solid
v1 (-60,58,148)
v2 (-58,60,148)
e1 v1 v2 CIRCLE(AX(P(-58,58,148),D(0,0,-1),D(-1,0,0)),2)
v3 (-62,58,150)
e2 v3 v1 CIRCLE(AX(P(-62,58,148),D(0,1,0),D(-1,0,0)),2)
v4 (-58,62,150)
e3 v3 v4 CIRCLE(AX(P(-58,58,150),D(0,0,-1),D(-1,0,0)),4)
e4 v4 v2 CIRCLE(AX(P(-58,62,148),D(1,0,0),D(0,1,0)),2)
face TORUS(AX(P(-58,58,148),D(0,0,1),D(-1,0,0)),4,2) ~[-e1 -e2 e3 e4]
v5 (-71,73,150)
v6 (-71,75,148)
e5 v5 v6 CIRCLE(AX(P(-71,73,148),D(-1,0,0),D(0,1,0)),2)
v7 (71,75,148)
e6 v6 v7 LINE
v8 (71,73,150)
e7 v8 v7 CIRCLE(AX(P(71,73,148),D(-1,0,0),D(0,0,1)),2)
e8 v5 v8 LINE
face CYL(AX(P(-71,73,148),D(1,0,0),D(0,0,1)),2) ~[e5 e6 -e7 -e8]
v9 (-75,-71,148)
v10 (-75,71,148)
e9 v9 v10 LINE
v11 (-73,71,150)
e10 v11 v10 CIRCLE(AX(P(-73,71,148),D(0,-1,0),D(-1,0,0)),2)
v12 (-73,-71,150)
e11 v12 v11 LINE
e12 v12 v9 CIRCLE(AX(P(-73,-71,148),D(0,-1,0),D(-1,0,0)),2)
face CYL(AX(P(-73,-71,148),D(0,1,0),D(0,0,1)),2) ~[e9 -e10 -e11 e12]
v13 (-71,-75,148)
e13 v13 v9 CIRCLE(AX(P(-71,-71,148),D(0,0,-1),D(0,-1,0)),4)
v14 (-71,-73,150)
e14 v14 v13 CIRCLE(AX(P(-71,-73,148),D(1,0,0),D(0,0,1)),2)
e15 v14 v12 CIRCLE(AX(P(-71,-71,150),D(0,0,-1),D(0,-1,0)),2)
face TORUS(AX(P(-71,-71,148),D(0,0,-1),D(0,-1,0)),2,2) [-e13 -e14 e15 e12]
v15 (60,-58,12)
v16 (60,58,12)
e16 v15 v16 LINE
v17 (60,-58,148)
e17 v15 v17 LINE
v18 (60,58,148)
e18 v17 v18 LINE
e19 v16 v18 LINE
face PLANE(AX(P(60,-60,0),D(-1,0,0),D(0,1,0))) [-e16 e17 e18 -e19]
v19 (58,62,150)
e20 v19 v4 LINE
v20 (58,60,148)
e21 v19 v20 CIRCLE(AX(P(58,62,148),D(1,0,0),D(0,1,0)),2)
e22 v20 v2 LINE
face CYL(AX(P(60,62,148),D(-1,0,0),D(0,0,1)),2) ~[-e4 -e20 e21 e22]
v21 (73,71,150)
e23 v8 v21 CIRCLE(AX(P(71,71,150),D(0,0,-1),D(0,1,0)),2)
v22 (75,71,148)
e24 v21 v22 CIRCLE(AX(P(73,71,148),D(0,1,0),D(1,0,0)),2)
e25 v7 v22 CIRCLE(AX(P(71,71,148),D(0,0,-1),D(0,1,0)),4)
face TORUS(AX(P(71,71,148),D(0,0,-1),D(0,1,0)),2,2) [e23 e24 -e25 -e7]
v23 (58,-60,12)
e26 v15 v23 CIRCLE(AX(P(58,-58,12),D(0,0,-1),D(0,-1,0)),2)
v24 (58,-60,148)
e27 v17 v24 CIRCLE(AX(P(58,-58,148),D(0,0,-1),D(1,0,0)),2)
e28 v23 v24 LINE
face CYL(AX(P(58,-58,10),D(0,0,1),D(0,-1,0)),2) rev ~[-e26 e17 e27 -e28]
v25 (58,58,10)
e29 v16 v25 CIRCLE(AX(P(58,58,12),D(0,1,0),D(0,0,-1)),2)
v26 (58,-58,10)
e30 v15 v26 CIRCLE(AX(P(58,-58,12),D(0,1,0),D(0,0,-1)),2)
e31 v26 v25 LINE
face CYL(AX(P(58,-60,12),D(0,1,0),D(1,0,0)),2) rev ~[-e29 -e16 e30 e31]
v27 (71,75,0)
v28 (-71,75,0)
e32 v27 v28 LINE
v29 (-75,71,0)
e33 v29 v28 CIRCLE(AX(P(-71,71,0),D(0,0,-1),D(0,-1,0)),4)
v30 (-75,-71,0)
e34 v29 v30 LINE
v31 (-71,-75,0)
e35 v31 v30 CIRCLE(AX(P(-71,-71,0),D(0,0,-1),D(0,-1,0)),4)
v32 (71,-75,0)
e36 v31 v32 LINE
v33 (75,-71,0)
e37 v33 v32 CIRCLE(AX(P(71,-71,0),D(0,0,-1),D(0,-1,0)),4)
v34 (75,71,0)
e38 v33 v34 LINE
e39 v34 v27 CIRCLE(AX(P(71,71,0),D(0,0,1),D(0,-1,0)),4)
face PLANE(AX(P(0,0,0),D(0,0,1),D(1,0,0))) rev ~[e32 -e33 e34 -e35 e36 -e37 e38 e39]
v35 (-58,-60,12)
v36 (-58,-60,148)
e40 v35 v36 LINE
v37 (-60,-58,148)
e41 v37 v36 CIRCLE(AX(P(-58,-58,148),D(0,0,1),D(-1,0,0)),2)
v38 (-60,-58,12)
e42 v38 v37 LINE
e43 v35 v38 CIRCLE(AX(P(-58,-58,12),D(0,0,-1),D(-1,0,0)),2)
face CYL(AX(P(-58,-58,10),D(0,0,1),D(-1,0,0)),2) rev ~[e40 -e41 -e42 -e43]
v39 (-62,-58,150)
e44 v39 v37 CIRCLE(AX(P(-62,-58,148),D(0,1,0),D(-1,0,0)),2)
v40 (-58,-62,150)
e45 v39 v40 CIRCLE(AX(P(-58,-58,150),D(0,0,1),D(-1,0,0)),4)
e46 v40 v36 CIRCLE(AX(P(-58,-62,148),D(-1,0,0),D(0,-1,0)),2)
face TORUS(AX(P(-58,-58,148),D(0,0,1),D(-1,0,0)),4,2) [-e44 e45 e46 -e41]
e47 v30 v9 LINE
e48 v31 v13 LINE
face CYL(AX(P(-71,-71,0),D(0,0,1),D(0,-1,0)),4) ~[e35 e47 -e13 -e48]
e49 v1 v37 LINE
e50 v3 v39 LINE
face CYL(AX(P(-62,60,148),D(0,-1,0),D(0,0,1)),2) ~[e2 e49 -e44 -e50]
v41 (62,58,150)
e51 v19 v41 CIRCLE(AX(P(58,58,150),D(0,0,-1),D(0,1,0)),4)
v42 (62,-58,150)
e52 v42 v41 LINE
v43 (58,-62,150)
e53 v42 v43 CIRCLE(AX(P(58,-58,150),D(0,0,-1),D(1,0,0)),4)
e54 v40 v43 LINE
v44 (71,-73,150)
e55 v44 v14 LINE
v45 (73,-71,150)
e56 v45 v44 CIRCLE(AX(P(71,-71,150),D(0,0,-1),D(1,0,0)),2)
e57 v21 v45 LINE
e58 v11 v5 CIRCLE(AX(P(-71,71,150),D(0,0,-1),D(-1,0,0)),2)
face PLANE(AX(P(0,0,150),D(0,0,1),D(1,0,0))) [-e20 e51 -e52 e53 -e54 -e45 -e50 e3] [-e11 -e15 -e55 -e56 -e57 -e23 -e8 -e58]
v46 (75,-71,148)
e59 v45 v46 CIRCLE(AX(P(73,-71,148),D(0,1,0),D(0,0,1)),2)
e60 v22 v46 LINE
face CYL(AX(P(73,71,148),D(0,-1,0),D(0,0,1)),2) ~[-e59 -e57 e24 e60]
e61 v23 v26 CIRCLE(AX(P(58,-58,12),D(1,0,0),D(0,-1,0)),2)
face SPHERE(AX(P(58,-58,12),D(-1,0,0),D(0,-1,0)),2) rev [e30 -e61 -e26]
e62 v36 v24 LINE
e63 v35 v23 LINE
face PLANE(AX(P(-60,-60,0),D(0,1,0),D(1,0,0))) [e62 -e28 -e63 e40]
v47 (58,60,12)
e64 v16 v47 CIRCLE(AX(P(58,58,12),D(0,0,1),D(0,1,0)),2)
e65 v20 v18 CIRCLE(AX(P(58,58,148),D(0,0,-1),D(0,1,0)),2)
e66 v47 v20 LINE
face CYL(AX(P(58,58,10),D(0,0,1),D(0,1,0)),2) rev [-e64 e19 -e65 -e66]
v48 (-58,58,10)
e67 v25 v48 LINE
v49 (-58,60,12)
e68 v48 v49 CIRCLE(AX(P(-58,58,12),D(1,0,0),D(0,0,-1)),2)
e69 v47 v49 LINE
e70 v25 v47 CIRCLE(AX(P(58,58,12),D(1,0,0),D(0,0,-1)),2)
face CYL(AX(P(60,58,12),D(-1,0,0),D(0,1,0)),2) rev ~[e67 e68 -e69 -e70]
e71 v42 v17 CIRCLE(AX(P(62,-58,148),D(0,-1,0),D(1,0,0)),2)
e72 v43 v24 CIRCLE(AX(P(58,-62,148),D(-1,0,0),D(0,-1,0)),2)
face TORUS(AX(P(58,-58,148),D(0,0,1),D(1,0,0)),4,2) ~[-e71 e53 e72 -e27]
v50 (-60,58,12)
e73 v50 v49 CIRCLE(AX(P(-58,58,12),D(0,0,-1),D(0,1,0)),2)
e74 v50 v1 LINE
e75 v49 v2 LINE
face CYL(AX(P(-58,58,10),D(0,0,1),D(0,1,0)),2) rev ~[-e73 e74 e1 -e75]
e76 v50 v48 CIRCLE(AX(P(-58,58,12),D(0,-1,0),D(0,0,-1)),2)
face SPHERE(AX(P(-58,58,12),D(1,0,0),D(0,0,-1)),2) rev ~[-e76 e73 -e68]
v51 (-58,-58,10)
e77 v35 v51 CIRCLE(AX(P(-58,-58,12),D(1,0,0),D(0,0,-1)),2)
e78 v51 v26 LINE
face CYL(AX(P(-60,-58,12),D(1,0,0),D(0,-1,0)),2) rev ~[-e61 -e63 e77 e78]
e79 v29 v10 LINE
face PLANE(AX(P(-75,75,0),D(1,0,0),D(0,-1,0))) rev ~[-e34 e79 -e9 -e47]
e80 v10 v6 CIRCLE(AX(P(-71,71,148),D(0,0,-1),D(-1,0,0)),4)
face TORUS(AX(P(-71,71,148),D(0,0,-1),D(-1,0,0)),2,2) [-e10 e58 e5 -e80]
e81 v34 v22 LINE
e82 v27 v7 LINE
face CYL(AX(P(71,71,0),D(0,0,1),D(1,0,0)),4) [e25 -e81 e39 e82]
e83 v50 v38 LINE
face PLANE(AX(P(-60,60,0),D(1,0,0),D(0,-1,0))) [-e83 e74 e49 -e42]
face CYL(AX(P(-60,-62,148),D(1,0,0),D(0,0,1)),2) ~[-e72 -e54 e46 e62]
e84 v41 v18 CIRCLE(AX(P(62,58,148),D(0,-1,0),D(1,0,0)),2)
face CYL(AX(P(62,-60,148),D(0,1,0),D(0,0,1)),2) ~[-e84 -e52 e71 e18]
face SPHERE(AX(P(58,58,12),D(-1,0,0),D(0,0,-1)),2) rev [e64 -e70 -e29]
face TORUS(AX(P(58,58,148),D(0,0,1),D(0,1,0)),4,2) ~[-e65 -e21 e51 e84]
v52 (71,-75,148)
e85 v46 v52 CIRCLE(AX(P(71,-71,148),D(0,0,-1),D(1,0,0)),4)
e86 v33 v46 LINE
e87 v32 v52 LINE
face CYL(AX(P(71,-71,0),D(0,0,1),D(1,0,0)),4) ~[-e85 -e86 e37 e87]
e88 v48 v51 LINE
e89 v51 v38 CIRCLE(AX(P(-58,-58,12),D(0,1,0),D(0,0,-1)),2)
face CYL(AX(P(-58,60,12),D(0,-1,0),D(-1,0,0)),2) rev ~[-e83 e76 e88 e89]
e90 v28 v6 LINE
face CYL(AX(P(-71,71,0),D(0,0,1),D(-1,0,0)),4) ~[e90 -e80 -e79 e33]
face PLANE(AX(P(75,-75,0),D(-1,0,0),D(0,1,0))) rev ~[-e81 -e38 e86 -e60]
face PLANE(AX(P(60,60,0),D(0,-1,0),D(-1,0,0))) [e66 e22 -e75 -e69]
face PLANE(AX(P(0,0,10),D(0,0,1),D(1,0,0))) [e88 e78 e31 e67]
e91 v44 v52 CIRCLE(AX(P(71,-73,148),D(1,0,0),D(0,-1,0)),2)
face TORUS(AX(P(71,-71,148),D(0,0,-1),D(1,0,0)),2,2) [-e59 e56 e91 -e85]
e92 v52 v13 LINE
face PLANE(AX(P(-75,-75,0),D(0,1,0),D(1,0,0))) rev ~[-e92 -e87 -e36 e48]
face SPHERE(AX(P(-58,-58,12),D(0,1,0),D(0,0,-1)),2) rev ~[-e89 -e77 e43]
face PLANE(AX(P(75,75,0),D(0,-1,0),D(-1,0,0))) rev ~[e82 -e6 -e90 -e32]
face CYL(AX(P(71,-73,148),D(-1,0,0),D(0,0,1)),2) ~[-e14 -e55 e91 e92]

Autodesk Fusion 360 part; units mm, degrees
sketch "Sketch1" plane through (0, 0, 0) normal (0, 0, 1) x (1, 0, 0)
  line L0 (75, 75) -> (-75, 75)
  line L1 (-75, 75) -> (-75, -75)
  line L2 (-75, -75) -> (75, -75)
  line L3 (75, -75) -> (75, 75)
  line L4 (75, 75) -> (-75, -75) construction
  line L5 (-75, 75) -> (75, -75) construction
  line L6 (60, 60) -> (-60, 60)
  line L7 (-60, 60) -> (-60, -60)
  line L8 (-60, -60) -> (60, -60)
  line L9 (60, -60) -> (60, 60)
  line L10 (60, 60) -> (-60, -60) construction
  line L11 (-60, 60) -> (60, -60) construction
  dimension "d1" = 150
  dimension "d2" = 150
  dimension "d3" = 120
  dimension "d4" = 120
extrude "Extrude1" add sketch "Sketch1" along normal blind 10 contours L6 L7 L8 L9
extrude "Extrude2" add sketch "Sketch1" along normal blind 150
fillet "Fillet1" radius 2 12 edges at (-60, 0, 150) (0, 60, 150) (60, 0, 150) (0, -60, 150) (0, 60, 10) (-60, 0, 10) (-60, 60, 80) (0, -60, 10) (-60, -60, 80) (60, -60, 80) (60, 0, 10) (60, 60, 80)
fillet "Fillet2" radius 4 4 edges at (75, -75, 75) (-75, -75, 75) (75, 75, 75) (-75, 75, 75)
fillet "Fillet3" radius 2 8 edges at (-73.8284, 73.8284, 150) (-75, 0, 150) (-73.8284, -73.8284, 150) (0, -75, 150) (73.8284, -73.8284, 150) (75, 0, 150) (73.8284, 73.8284, 150) (0, 75, 150)
